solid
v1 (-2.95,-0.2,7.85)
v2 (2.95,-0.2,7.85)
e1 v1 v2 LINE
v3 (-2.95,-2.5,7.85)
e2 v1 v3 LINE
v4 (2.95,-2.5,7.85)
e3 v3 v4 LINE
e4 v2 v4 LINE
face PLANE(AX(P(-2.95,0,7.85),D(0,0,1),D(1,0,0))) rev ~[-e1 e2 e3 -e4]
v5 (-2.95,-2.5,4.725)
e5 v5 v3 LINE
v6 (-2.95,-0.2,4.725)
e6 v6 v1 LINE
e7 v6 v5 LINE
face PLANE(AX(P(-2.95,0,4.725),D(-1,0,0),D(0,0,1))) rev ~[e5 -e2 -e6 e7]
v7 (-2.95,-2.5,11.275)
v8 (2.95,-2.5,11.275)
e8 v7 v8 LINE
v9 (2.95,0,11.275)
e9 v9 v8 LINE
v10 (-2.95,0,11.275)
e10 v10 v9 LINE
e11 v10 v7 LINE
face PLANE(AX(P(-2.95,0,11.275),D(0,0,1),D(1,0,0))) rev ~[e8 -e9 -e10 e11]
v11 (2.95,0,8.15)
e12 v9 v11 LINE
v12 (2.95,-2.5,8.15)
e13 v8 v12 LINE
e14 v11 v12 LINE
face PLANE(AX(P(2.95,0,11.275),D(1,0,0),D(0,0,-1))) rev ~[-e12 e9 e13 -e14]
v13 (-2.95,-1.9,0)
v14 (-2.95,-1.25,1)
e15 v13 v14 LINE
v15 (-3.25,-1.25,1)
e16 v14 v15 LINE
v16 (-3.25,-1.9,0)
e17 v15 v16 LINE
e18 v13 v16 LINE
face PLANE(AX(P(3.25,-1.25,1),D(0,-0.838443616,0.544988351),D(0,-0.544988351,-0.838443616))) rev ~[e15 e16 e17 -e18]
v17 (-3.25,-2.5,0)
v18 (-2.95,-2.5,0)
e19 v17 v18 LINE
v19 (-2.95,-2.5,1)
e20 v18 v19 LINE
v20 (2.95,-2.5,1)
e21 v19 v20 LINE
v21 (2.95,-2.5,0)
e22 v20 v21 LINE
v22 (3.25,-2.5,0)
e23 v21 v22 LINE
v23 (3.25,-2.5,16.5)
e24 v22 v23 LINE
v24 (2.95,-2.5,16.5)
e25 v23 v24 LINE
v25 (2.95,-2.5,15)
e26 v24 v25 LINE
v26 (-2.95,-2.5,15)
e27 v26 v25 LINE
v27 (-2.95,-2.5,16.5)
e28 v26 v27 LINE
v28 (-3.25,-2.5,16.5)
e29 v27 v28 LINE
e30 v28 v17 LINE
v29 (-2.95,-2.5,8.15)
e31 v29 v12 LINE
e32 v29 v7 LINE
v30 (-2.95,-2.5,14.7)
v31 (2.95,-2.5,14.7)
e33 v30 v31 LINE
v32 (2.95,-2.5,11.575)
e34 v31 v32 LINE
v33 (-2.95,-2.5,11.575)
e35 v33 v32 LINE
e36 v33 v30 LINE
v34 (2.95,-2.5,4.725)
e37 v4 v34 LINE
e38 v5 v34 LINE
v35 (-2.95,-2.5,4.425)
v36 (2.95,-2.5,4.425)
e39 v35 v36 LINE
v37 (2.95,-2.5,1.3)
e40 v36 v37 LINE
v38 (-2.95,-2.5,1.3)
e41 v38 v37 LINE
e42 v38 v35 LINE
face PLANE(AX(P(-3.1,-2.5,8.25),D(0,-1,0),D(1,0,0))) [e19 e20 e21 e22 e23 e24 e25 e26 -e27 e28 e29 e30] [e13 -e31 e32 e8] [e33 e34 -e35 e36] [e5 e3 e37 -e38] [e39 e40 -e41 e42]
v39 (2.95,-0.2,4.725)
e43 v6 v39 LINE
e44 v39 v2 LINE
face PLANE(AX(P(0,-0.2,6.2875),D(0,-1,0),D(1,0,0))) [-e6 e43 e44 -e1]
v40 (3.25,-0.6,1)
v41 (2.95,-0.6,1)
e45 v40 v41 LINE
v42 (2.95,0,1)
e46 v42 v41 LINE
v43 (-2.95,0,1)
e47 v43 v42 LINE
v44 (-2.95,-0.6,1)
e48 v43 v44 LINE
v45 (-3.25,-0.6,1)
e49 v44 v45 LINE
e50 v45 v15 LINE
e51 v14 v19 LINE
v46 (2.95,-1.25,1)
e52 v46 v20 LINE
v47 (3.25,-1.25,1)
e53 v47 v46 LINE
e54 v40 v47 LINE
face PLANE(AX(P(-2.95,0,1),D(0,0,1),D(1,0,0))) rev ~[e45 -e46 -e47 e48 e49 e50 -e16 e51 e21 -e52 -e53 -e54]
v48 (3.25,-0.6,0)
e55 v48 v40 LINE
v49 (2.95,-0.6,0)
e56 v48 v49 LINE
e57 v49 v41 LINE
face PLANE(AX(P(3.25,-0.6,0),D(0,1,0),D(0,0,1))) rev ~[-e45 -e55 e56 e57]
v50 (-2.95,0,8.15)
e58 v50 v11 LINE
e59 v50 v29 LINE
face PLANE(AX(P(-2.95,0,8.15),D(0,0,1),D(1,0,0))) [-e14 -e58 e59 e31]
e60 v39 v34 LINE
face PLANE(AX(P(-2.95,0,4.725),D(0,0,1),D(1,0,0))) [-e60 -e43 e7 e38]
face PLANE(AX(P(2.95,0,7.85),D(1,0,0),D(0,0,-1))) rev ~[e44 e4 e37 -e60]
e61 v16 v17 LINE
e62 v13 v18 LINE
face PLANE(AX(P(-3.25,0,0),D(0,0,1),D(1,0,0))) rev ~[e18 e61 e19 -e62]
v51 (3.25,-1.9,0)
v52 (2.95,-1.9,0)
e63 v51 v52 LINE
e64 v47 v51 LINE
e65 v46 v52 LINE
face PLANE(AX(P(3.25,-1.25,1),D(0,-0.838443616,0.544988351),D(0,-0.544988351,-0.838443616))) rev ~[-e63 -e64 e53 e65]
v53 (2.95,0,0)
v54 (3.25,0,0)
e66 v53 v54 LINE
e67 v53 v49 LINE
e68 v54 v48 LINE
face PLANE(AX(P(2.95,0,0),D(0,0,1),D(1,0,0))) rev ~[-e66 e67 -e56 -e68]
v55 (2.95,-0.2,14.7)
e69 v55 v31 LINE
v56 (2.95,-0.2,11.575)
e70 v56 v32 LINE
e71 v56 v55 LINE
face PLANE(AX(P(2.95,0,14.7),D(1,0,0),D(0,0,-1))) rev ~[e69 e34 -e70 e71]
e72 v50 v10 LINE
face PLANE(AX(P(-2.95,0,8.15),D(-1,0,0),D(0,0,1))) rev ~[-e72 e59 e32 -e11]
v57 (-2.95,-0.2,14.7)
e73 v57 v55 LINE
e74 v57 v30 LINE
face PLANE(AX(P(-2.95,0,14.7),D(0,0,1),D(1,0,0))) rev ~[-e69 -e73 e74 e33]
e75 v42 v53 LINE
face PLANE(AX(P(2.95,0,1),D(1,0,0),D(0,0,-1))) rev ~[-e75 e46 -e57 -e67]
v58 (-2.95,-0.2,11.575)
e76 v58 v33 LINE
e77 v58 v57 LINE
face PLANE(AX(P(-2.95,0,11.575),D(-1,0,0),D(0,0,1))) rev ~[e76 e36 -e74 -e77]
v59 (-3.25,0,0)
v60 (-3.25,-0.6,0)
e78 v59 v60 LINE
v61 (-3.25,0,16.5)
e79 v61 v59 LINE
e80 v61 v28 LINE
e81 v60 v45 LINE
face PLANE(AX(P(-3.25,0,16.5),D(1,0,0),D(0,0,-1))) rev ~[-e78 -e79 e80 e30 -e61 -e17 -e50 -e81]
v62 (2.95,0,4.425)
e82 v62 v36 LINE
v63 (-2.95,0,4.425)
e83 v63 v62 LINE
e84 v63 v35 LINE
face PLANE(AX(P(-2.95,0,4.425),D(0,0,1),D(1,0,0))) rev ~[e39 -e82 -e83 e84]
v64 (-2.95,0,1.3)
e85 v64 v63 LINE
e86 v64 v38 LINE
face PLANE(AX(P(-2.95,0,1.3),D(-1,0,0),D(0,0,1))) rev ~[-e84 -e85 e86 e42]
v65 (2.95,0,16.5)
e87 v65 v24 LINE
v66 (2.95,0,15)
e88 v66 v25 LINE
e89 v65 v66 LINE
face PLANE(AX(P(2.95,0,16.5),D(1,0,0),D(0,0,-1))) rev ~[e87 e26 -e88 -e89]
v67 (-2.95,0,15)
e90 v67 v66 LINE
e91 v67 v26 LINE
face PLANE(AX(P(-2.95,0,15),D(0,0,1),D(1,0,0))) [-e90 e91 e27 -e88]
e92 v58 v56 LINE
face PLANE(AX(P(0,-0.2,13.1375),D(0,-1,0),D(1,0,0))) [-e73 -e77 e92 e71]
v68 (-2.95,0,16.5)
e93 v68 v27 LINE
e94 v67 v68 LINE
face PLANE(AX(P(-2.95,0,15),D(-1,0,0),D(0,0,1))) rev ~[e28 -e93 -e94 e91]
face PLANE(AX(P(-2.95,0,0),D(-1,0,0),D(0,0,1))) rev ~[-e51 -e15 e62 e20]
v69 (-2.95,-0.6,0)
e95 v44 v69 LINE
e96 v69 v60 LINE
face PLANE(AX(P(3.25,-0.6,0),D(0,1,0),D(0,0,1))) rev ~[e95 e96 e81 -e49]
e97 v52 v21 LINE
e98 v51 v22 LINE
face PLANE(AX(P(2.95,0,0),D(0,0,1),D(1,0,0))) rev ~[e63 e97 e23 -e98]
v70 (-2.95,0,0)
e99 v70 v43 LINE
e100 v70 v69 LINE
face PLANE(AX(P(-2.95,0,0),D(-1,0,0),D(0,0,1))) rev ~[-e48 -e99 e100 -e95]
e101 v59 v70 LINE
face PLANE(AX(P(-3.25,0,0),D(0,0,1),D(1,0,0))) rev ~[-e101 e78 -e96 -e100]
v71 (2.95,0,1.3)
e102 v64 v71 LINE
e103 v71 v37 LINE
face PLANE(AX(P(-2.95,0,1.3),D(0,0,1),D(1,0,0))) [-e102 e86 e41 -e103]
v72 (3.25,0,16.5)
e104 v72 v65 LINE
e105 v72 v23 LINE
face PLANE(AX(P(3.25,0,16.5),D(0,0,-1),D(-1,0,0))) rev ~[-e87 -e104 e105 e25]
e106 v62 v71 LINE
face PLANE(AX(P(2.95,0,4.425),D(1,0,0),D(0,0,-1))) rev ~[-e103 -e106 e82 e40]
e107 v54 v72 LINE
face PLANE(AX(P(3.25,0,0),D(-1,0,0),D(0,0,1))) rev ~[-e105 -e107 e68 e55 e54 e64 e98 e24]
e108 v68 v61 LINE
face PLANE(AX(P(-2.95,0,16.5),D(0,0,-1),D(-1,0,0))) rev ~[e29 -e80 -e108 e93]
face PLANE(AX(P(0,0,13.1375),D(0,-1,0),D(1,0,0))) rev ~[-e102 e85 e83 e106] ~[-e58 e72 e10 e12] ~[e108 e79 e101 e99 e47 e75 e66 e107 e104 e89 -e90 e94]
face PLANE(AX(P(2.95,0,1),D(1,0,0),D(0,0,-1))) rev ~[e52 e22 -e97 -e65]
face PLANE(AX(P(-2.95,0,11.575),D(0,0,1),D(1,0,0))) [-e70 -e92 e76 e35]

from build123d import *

# Parameters (mm, degrees)
F0_W     = 5.9
F0_H     = 0.3
F1_DEPTH = 2.5
F0_H_2   = 3.125
F2_DEPTH = 0.2
F4_DEPTH = 6.501


with BuildPart() as f1:
    # F0 (on Front) → F1 (new body)
    with BuildSketch(Plane.XZ):
        Polygon((-3.25, 16.5), (-3.25, 0), (-2.95, 0), (-2.95, 1), (-2.95, 1.3), (-2.95, 4.425), (-2.95, 4.725), (-2.95, 7.85), (-2.95, 8.15), (-2.95, 11.275), (-2.95, 11.575), (-2.95, 14.7), (-2.95, 15), (-2.95, 16.5), align=None)
        Polygon((2.95, 1), (2.95, 0), (3.25, 0), (3.25, 16.5), (2.95, 16.5), (2.95, 15), (2.95, 14.7), (2.95, 11.575), (2.95, 11.275), (2.95, 8.15), (2.95, 7.85), (2.95, 4.725), (2.95, 4.425), (2.95, 1.3), align=None)
        with Locations((0, 14.85)):
            Rectangle(F0_W, F0_H)
        with Locations((0, 11.425)):
            Rectangle(F0_W, F0_H)
        with Locations((0, 8)):
            Rectangle(F0_W, F0_H)
        with Locations((0, 4.575)):
            Rectangle(F0_W, F0_H)
        with Locations((0, 1.15)):
            Rectangle(F0_W, F0_H)
    extrude(amount=F1_DEPTH)

    # F0 (on Front) → F2 (join)
    with BuildSketch(Plane.XZ):
        with Locations((0, 13.1375)):
            Rectangle(F0_W, F0_H_2)
        with Locations((0, 6.2875)):
            Rectangle(F0_W, F0_H_2)
    extrude(amount=F2_DEPTH)

    # F3 (on face) → F4 (cut, through all)
    with BuildSketch(Plane.YZ.offset(3.25)):
        Polygon((-1.9, 0), (-0.6, 0), (-0.6, 1), (-1.25, 1), align=None)
    extrude(amount=-F4_DEPTH, mode=Mode.SUBTRACT)


solid = f1.part
